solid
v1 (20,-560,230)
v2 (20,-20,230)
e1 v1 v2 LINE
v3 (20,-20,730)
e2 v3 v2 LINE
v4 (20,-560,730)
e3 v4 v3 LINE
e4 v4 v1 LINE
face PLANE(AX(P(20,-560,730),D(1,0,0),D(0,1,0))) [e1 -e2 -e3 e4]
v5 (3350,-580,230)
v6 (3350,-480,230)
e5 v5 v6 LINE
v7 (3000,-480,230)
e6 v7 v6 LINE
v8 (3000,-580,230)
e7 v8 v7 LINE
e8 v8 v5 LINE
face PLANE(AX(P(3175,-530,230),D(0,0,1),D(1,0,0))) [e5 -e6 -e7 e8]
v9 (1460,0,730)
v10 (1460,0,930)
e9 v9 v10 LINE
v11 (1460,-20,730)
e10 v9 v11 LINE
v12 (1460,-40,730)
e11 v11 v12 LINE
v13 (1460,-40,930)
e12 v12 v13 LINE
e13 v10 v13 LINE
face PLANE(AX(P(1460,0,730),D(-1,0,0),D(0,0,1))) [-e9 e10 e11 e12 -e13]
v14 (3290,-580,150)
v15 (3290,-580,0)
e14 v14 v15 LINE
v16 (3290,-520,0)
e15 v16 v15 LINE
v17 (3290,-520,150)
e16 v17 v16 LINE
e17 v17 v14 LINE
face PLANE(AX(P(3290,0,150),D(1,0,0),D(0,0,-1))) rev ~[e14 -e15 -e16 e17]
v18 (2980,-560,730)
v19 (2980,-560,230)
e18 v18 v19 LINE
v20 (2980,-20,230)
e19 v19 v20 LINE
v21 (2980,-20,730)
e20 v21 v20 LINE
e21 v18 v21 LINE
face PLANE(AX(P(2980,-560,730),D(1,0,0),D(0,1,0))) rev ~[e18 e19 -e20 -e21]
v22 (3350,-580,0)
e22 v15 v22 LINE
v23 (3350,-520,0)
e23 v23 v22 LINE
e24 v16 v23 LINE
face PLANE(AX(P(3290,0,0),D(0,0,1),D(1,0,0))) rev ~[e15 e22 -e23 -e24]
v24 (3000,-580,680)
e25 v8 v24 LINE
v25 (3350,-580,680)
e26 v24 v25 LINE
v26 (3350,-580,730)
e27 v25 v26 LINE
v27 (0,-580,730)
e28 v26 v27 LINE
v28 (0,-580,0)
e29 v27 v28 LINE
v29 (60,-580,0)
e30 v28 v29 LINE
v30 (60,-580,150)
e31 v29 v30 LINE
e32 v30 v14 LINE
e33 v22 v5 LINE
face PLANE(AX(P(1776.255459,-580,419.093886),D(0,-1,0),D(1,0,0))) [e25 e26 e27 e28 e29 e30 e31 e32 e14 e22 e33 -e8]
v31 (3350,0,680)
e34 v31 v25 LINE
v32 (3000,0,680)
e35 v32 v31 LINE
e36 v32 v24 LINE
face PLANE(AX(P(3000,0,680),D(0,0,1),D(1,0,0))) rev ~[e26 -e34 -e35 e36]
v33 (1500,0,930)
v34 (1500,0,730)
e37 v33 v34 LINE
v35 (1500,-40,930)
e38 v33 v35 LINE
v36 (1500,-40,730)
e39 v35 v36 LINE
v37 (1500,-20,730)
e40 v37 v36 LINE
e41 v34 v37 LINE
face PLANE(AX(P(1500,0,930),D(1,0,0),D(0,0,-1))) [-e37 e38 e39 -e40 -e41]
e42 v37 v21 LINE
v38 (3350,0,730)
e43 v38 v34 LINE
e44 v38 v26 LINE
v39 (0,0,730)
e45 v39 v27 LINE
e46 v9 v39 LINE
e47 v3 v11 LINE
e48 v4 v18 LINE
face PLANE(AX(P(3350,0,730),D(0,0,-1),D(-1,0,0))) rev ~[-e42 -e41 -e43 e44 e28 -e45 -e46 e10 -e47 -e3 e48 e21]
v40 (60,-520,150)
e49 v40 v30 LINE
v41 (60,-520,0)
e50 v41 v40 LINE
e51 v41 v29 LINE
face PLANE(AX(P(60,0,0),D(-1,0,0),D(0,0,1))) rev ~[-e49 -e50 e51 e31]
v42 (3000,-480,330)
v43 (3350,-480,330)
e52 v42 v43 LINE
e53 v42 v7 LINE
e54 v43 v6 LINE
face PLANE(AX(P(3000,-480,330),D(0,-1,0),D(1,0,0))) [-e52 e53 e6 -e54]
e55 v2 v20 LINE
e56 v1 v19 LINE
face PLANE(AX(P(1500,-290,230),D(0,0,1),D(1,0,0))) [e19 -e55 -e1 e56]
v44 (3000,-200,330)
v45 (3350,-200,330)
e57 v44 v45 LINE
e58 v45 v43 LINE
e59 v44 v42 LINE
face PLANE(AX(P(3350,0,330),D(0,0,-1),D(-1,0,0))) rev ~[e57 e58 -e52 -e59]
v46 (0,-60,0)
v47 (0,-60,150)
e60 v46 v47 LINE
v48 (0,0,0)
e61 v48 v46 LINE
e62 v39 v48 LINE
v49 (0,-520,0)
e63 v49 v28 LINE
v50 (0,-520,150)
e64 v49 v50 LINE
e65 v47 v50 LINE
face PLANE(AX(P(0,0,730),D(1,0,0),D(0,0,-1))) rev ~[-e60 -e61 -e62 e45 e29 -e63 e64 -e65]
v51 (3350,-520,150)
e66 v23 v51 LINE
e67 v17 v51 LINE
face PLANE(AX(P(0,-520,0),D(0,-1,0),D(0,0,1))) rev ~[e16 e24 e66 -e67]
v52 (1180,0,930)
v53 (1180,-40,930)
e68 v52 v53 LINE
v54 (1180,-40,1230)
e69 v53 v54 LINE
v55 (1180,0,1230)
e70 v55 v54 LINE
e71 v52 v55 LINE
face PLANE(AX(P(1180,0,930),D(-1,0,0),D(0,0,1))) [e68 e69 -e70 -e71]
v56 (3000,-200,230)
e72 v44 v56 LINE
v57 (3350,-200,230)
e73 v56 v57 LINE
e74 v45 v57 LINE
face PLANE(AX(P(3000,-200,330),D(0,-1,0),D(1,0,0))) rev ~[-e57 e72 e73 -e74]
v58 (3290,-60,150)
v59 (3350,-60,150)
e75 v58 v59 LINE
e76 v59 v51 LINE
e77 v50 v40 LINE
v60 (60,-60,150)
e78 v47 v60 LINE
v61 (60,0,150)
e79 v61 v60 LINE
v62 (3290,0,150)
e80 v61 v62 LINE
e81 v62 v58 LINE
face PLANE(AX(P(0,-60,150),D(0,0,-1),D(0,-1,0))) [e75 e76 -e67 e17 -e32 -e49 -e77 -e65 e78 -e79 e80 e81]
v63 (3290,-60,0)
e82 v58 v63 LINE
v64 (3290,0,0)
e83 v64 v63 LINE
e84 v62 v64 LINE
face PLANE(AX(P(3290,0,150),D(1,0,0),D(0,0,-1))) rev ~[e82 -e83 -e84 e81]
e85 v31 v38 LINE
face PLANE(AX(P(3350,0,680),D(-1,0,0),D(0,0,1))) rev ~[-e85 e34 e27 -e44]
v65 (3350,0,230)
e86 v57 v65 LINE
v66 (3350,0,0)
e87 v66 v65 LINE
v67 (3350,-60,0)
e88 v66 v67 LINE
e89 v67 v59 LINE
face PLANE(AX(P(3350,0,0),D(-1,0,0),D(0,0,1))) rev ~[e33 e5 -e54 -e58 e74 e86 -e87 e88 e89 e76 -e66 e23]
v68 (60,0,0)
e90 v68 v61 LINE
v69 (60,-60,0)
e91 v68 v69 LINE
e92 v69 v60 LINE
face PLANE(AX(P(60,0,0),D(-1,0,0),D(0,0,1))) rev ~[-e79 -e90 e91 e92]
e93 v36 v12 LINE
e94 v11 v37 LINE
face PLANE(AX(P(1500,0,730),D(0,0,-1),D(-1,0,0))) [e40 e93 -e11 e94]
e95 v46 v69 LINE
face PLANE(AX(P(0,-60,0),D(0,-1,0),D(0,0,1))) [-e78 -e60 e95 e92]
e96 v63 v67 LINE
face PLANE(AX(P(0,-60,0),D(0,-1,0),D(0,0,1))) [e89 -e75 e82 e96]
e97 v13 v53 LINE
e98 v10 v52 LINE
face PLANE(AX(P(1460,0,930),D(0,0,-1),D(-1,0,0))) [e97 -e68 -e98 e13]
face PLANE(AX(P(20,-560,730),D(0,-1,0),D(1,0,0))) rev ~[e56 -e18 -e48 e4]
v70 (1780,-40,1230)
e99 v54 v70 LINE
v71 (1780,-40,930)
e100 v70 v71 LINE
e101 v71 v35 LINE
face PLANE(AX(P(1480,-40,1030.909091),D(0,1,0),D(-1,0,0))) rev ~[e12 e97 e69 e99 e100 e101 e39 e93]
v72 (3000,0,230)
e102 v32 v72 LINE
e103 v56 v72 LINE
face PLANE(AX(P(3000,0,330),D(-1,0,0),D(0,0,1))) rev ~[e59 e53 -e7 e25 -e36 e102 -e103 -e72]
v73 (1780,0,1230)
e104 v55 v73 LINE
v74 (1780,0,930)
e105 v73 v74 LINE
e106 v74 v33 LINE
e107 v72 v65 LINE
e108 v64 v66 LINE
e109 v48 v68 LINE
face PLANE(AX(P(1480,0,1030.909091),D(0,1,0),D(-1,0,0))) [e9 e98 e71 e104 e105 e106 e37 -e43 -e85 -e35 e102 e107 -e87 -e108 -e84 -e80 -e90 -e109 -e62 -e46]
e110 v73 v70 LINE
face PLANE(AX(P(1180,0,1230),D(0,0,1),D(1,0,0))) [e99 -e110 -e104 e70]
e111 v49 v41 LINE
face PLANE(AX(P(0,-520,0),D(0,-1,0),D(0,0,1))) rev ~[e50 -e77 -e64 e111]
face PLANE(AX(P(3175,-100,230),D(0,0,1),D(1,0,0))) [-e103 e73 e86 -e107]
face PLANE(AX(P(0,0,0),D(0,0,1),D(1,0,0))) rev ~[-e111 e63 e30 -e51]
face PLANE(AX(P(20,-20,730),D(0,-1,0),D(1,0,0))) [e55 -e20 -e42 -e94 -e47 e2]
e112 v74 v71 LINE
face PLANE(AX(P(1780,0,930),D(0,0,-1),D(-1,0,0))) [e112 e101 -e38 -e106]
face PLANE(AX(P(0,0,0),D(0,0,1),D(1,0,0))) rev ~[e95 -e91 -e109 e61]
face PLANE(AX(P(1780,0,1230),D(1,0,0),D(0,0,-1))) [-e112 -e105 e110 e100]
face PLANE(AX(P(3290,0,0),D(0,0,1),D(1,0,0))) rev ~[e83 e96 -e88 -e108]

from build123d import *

# Parameters (mm, degrees)
F1_DEPTH = 580
F2_W     = 460
F2_H     = 150
F3_DEPTH = 3350.001
F4_W     = 2960
F4_H     = 540
F5_DEPTH = 500
F6_W     = 350
F6_H     = 100
F6_H_2   = 200
F7_DEPTH = 100
F9_DEPTH = 40


with BuildPart() as f1:
    # F0 (on Front) → F1 (new body)
    with BuildSketch(Plane.XZ):
        Polygon((0, 730), (0, 0), (60, 0), (60, 150), (3290, 150), (3290, 0), (3350, 0), (3350, 330), (3000, 330), (3000, 680), (3350, 680), (3350, 730), align=None)
    extrude(amount=F1_DEPTH)

    # F2 (on face) → F3 (cut, through all)
    with BuildSketch(Plane(origin=(0, 0, 0), x_dir=(0, -1, 0), z_dir=(-1, 0, 0))):
        with Locations((290, 75)):
            Rectangle(F2_W, F2_H)
    extrude(amount=-F3_DEPTH, mode=Mode.SUBTRACT)

    # F4 (on face) → F5 (cut)
    with BuildSketch(Plane.XY.offset(730)):
        with Locations((1500, -290)):
            Rectangle(F4_W, F4_H)
    extrude(amount=-F5_DEPTH, mode=Mode.SUBTRACT)

    # F6 (on face) → F7 (cut)
    with BuildSketch(Plane.XY.offset(330)):
        with Locations((3175, -530)):
            Rectangle(F6_W, F6_H)
        with Locations((3175, -100)):
            Rectangle(F6_W, F6_H_2)
    extrude(amount=-F7_DEPTH, mode=Mode.SUBTRACT)

    # F8 (on face) → F9 (join)
    with BuildSketch(Plane(origin=(0, 0, 0), x_dir=(-1, 0, 0), z_dir=(0, 1, 0))):
        Polygon((-1500, 930), (-1500, 730), (-1460, 730), (-1460, 930), (-1180, 930), (-1180, 1230), (-1780, 1230), (-1780, 930), align=None)
    extrude(amount=-F9_DEPTH)


solid = f1.part
